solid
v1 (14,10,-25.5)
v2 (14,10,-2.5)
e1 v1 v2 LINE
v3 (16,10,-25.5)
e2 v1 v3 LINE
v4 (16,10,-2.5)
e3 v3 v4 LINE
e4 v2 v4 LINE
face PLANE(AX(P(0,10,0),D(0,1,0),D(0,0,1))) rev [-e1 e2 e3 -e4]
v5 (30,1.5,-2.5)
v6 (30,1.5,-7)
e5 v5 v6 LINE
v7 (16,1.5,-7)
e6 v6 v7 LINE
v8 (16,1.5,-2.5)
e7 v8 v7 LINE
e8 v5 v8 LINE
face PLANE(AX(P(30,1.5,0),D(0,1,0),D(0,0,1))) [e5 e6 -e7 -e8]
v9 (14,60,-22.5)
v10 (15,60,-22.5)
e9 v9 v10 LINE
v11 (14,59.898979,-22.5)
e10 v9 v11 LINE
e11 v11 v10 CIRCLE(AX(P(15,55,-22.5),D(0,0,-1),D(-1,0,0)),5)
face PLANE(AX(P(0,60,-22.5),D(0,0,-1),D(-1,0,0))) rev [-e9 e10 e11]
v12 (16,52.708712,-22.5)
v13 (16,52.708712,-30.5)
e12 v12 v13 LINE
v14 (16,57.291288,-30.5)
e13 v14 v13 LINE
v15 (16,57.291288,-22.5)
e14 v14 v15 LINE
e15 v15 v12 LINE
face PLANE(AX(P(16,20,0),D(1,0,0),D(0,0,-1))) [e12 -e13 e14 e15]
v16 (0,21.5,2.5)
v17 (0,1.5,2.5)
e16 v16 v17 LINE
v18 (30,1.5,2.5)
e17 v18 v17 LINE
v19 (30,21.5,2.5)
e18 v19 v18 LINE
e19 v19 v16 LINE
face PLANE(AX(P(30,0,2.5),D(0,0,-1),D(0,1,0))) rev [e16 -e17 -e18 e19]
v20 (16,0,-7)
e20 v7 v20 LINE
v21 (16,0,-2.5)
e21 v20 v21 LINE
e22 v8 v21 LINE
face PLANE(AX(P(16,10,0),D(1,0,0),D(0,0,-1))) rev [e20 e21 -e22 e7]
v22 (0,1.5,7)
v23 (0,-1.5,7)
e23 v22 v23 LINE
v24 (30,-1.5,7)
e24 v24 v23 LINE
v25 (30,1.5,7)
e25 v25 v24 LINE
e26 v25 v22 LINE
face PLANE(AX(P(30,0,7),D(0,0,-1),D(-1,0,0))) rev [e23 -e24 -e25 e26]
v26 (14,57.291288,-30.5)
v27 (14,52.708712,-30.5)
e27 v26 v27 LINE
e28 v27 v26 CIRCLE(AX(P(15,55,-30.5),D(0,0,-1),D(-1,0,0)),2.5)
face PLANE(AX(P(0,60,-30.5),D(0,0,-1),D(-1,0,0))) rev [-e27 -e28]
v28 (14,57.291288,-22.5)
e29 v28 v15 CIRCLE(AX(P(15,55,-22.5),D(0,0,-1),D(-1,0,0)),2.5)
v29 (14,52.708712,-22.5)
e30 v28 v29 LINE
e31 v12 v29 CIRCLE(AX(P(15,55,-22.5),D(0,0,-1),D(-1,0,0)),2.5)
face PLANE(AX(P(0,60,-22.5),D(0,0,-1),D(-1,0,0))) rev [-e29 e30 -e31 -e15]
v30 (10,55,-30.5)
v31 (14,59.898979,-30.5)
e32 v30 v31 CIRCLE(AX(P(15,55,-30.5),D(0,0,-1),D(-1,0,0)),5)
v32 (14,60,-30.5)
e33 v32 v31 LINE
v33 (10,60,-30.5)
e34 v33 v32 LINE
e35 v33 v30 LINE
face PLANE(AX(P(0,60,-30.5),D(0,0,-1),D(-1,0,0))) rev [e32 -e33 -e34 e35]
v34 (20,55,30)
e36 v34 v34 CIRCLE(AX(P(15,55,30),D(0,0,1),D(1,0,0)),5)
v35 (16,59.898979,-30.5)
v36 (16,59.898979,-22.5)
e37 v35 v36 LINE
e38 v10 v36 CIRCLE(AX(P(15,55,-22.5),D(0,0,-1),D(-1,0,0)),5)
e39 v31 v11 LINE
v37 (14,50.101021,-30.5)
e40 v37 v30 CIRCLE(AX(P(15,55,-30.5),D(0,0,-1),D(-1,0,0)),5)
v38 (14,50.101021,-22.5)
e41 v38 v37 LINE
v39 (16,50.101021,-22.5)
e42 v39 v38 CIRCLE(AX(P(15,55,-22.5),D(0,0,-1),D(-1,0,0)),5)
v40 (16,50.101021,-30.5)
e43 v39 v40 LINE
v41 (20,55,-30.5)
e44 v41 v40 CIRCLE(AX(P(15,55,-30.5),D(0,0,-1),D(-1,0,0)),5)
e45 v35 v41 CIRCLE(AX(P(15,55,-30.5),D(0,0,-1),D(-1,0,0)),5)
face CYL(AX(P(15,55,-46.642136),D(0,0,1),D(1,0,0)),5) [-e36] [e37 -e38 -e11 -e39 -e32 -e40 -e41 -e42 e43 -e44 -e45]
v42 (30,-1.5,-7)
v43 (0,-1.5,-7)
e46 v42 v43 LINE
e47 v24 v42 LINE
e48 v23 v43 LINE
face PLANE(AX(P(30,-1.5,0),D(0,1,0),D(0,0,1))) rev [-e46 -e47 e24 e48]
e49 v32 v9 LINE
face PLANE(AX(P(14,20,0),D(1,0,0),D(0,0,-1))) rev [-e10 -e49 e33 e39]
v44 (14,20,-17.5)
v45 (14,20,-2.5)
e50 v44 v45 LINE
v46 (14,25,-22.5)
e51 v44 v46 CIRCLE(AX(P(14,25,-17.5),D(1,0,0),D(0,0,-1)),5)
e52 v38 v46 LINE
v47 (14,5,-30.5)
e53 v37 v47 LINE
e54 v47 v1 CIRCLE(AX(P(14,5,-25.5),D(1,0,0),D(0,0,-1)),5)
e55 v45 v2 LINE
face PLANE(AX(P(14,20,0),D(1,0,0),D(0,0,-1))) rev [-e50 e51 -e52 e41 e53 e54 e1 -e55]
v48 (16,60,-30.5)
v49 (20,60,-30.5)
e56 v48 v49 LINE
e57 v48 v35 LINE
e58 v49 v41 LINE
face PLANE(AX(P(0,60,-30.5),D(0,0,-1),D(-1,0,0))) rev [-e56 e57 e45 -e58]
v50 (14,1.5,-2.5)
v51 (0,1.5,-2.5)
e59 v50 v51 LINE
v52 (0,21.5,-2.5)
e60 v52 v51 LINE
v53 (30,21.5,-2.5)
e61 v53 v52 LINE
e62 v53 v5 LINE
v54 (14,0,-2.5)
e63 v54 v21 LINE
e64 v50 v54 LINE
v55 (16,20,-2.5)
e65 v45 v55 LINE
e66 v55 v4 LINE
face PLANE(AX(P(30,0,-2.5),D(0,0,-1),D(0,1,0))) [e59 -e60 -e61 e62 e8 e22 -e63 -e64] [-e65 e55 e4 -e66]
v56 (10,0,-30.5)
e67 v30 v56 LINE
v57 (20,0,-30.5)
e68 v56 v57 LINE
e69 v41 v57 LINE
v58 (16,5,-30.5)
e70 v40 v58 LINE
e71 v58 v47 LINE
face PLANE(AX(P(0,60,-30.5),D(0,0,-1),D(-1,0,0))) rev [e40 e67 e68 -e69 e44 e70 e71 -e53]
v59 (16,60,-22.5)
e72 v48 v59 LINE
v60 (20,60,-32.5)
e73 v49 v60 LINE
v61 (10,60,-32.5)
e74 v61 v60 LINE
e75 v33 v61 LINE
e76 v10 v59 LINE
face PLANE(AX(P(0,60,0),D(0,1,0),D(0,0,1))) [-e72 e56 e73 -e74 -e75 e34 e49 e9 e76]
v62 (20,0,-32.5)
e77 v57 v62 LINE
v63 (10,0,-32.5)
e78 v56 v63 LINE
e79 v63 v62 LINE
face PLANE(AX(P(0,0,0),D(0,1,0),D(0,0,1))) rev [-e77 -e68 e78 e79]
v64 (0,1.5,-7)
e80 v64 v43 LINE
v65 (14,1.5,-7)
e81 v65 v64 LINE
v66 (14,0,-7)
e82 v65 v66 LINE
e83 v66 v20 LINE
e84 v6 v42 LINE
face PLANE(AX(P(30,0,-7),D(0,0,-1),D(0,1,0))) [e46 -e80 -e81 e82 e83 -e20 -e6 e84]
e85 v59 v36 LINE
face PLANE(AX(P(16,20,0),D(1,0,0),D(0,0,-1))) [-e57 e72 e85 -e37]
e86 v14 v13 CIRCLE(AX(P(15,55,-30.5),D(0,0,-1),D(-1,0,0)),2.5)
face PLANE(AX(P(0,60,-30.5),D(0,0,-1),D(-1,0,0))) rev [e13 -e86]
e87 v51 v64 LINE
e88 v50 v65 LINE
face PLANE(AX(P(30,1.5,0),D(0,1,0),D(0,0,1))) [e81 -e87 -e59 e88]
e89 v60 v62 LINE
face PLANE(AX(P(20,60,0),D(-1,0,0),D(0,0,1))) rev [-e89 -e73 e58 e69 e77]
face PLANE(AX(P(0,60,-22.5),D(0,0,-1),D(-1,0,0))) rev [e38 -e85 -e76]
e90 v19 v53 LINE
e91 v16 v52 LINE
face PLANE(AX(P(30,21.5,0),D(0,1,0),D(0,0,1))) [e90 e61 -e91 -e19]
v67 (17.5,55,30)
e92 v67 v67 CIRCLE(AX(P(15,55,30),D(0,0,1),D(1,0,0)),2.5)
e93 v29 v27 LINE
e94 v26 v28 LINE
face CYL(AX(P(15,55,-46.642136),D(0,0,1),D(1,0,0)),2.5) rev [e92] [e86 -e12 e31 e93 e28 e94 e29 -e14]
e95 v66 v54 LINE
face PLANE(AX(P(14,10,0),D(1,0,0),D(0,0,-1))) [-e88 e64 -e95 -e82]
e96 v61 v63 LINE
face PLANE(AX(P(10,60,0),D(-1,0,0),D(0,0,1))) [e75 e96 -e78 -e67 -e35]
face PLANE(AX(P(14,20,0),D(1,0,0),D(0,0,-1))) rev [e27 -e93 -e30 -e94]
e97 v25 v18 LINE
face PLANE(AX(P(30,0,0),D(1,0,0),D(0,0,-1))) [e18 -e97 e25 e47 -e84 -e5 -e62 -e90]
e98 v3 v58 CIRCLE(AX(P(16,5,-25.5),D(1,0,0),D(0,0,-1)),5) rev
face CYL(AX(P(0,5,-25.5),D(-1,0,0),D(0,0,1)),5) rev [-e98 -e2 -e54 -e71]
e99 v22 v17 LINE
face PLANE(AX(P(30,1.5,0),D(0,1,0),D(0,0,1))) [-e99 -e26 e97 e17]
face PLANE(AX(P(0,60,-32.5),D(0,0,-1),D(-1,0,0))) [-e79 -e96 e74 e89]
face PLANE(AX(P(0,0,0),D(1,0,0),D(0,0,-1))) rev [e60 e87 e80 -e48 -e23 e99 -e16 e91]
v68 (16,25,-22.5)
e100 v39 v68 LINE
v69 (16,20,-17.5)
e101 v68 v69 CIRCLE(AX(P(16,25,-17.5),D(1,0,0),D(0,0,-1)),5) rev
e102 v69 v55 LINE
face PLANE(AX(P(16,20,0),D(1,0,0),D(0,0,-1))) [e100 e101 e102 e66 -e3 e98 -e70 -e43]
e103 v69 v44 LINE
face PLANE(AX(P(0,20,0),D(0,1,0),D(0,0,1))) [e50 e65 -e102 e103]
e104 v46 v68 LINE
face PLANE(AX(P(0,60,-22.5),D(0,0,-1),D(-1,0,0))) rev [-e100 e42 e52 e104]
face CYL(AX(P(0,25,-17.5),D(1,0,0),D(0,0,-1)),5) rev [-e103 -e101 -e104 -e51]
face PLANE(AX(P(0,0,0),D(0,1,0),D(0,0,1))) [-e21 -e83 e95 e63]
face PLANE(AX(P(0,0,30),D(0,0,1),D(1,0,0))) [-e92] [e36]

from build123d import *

# Parameters (mm, degrees)
SKETCH1_W                       = 5
SKETCH1_H                       = 20
SKETCH1_W_2                     = 14
SKETCH1_H_2                     = 3
BOSS_EXTRUDE1_DEPTH             = 30
SKETCH4_W                       = 4
SKETCH4_H                       = 2
SKETCH4_W_2                     = 2
SKETCH4_H_2                     = 8
BOSS_EXTRUDE2_DEPTH             = 60
SKETCH4_4_W                     = 2
SKETCH4_4_H                     = 20
BOSS_EXTRUDE3_DEPTH             = 20
SKETCH4_5_W                     = 2
SKETCH4_5_H                     = 8
SKETCH4_5_H_2                   = 20
CUT_EXTRUDE1_DEPTH              = 10
SKETCH2_R                       = 5
SKETCH2_R_2                     = 2.5
BOSS_EXTRUDE4_DEPTH             = 30
BOSS_EXTRUDE4_DIRECTION_2_REACH = 76.54
FILLET1_R                       = 5


with BuildPart() as part:
    # Sketch1 → Boss-Extrude1 (new body)
    with BuildSketch(Plane(origin=(0, 0, 0), x_dir=(0, 0, -1), z_dir=(1, 0, 0))):
        with Locations((0, 11.5)):
            Rectangle(SKETCH1_W, SKETCH1_H)
        Rectangle(SKETCH1_W_2, SKETCH1_H_2)
    extrude(amount=BOSS_EXTRUDE1_DEPTH)



with BuildPart() as body_2:
    # Sketch4 → Boss-Extrude2 (new body)
    with BuildSketch(Plane(origin=(0, 0, 0), x_dir=(1, 0, 0), z_dir=(0, 1, 0))):
        with Locations((18, 31.5)):
            Rectangle(SKETCH4_W, SKETCH4_H)
        with Locations((15, 31.5)):
            Rectangle(SKETCH4_W_2, SKETCH4_H)
        with Locations((12, 31.5)):
            Rectangle(SKETCH4_W, SKETCH4_H)
        with Locations((15, 26.5)):
            Rectangle(SKETCH4_W_2, SKETCH4_H_2)
    extrude(amount=BOSS_EXTRUDE2_DEPTH)


with BuildPart() as part_1:
    add(part.part)

    add(body_2.part)  # Boss-Extrude3 merges body 2
    # Sketch4<4> → Boss-Extrude3 (add)
    with BuildSketch(Plane(origin=(0, 0, 0), x_dir=(1, 0, 0), z_dir=(0, 1, 0))):
        with Locations((15, 12.5)):
            Rectangle(SKETCH4_4_W, SKETCH4_4_H)
    extrude(amount=BOSS_EXTRUDE3_DEPTH)

    # Sketch4<5> → Cut-Extrude1 (cut)
    with BuildSketch(Plane(origin=(0, 0, 0), x_dir=(1, 0, 0), z_dir=(0, 1, 0))):
        with Locations((15, 26.5)):
            Rectangle(SKETCH4_5_W, SKETCH4_5_H)
        with Locations((15, 12.5)):
            Rectangle(SKETCH4_5_W, SKETCH4_5_H_2)
    extrude(amount=CUT_EXTRUDE1_DEPTH, mode=Mode.SUBTRACT)

    # Sketch2 → Boss-Extrude4 (add)
    with BuildSketch(Plane.XY):
        with Locations((15, 55)):
            Circle(SKETCH2_R)
        with Locations((15, 55)):
            Circle(SKETCH2_R_2, mode=Mode.SUBTRACT)
    extrude(amount=BOSS_EXTRUDE4_DEPTH)

    # Boss-Extrude4 direction 2: up to this face of the body (flat: up to its plane)
    boss_extrude4_direction_2_end = Plane(part_1.part.faces().sort_by_distance((15, 30, -32.5))[0])
    # Sketch2 → Boss-Extrude4 direction 2 (add, up to the picked face)
    with BuildSketch(Plane.XY, mode=Mode.PRIVATE) as boss_extrude4_direction_2_sk1:
        with Locations((15, 55)):
            Circle(SKETCH2_R)
        with Locations((15, 55)):
            Circle(SKETCH2_R_2, mode=Mode.SUBTRACT)
    boss_extrude4_direction_2_tool1 = split(extrude(boss_extrude4_direction_2_sk1.sketch, amount=-BOSS_EXTRUDE4_DIRECTION_2_REACH, mode=Mode.PRIVATE), bisect_by=boss_extrude4_direction_2_end, keep=Keep.BOTH, mode=Mode.PRIVATE)
    add(boss_extrude4_direction_2_tool1.solids().sort_by(Axis((10.141421, 55, 0), (0, 0, -1)))[0])

    # Fillet1
    fillet1_edges = [part_1.edges().sort_by_distance(p)[0] for p in [
        (15, 20, -22.5),
        (15, 10, -30.5),
    ]]
    fillet(fillet1_edges, radius=FILLET1_R)


solid = part_1.part
